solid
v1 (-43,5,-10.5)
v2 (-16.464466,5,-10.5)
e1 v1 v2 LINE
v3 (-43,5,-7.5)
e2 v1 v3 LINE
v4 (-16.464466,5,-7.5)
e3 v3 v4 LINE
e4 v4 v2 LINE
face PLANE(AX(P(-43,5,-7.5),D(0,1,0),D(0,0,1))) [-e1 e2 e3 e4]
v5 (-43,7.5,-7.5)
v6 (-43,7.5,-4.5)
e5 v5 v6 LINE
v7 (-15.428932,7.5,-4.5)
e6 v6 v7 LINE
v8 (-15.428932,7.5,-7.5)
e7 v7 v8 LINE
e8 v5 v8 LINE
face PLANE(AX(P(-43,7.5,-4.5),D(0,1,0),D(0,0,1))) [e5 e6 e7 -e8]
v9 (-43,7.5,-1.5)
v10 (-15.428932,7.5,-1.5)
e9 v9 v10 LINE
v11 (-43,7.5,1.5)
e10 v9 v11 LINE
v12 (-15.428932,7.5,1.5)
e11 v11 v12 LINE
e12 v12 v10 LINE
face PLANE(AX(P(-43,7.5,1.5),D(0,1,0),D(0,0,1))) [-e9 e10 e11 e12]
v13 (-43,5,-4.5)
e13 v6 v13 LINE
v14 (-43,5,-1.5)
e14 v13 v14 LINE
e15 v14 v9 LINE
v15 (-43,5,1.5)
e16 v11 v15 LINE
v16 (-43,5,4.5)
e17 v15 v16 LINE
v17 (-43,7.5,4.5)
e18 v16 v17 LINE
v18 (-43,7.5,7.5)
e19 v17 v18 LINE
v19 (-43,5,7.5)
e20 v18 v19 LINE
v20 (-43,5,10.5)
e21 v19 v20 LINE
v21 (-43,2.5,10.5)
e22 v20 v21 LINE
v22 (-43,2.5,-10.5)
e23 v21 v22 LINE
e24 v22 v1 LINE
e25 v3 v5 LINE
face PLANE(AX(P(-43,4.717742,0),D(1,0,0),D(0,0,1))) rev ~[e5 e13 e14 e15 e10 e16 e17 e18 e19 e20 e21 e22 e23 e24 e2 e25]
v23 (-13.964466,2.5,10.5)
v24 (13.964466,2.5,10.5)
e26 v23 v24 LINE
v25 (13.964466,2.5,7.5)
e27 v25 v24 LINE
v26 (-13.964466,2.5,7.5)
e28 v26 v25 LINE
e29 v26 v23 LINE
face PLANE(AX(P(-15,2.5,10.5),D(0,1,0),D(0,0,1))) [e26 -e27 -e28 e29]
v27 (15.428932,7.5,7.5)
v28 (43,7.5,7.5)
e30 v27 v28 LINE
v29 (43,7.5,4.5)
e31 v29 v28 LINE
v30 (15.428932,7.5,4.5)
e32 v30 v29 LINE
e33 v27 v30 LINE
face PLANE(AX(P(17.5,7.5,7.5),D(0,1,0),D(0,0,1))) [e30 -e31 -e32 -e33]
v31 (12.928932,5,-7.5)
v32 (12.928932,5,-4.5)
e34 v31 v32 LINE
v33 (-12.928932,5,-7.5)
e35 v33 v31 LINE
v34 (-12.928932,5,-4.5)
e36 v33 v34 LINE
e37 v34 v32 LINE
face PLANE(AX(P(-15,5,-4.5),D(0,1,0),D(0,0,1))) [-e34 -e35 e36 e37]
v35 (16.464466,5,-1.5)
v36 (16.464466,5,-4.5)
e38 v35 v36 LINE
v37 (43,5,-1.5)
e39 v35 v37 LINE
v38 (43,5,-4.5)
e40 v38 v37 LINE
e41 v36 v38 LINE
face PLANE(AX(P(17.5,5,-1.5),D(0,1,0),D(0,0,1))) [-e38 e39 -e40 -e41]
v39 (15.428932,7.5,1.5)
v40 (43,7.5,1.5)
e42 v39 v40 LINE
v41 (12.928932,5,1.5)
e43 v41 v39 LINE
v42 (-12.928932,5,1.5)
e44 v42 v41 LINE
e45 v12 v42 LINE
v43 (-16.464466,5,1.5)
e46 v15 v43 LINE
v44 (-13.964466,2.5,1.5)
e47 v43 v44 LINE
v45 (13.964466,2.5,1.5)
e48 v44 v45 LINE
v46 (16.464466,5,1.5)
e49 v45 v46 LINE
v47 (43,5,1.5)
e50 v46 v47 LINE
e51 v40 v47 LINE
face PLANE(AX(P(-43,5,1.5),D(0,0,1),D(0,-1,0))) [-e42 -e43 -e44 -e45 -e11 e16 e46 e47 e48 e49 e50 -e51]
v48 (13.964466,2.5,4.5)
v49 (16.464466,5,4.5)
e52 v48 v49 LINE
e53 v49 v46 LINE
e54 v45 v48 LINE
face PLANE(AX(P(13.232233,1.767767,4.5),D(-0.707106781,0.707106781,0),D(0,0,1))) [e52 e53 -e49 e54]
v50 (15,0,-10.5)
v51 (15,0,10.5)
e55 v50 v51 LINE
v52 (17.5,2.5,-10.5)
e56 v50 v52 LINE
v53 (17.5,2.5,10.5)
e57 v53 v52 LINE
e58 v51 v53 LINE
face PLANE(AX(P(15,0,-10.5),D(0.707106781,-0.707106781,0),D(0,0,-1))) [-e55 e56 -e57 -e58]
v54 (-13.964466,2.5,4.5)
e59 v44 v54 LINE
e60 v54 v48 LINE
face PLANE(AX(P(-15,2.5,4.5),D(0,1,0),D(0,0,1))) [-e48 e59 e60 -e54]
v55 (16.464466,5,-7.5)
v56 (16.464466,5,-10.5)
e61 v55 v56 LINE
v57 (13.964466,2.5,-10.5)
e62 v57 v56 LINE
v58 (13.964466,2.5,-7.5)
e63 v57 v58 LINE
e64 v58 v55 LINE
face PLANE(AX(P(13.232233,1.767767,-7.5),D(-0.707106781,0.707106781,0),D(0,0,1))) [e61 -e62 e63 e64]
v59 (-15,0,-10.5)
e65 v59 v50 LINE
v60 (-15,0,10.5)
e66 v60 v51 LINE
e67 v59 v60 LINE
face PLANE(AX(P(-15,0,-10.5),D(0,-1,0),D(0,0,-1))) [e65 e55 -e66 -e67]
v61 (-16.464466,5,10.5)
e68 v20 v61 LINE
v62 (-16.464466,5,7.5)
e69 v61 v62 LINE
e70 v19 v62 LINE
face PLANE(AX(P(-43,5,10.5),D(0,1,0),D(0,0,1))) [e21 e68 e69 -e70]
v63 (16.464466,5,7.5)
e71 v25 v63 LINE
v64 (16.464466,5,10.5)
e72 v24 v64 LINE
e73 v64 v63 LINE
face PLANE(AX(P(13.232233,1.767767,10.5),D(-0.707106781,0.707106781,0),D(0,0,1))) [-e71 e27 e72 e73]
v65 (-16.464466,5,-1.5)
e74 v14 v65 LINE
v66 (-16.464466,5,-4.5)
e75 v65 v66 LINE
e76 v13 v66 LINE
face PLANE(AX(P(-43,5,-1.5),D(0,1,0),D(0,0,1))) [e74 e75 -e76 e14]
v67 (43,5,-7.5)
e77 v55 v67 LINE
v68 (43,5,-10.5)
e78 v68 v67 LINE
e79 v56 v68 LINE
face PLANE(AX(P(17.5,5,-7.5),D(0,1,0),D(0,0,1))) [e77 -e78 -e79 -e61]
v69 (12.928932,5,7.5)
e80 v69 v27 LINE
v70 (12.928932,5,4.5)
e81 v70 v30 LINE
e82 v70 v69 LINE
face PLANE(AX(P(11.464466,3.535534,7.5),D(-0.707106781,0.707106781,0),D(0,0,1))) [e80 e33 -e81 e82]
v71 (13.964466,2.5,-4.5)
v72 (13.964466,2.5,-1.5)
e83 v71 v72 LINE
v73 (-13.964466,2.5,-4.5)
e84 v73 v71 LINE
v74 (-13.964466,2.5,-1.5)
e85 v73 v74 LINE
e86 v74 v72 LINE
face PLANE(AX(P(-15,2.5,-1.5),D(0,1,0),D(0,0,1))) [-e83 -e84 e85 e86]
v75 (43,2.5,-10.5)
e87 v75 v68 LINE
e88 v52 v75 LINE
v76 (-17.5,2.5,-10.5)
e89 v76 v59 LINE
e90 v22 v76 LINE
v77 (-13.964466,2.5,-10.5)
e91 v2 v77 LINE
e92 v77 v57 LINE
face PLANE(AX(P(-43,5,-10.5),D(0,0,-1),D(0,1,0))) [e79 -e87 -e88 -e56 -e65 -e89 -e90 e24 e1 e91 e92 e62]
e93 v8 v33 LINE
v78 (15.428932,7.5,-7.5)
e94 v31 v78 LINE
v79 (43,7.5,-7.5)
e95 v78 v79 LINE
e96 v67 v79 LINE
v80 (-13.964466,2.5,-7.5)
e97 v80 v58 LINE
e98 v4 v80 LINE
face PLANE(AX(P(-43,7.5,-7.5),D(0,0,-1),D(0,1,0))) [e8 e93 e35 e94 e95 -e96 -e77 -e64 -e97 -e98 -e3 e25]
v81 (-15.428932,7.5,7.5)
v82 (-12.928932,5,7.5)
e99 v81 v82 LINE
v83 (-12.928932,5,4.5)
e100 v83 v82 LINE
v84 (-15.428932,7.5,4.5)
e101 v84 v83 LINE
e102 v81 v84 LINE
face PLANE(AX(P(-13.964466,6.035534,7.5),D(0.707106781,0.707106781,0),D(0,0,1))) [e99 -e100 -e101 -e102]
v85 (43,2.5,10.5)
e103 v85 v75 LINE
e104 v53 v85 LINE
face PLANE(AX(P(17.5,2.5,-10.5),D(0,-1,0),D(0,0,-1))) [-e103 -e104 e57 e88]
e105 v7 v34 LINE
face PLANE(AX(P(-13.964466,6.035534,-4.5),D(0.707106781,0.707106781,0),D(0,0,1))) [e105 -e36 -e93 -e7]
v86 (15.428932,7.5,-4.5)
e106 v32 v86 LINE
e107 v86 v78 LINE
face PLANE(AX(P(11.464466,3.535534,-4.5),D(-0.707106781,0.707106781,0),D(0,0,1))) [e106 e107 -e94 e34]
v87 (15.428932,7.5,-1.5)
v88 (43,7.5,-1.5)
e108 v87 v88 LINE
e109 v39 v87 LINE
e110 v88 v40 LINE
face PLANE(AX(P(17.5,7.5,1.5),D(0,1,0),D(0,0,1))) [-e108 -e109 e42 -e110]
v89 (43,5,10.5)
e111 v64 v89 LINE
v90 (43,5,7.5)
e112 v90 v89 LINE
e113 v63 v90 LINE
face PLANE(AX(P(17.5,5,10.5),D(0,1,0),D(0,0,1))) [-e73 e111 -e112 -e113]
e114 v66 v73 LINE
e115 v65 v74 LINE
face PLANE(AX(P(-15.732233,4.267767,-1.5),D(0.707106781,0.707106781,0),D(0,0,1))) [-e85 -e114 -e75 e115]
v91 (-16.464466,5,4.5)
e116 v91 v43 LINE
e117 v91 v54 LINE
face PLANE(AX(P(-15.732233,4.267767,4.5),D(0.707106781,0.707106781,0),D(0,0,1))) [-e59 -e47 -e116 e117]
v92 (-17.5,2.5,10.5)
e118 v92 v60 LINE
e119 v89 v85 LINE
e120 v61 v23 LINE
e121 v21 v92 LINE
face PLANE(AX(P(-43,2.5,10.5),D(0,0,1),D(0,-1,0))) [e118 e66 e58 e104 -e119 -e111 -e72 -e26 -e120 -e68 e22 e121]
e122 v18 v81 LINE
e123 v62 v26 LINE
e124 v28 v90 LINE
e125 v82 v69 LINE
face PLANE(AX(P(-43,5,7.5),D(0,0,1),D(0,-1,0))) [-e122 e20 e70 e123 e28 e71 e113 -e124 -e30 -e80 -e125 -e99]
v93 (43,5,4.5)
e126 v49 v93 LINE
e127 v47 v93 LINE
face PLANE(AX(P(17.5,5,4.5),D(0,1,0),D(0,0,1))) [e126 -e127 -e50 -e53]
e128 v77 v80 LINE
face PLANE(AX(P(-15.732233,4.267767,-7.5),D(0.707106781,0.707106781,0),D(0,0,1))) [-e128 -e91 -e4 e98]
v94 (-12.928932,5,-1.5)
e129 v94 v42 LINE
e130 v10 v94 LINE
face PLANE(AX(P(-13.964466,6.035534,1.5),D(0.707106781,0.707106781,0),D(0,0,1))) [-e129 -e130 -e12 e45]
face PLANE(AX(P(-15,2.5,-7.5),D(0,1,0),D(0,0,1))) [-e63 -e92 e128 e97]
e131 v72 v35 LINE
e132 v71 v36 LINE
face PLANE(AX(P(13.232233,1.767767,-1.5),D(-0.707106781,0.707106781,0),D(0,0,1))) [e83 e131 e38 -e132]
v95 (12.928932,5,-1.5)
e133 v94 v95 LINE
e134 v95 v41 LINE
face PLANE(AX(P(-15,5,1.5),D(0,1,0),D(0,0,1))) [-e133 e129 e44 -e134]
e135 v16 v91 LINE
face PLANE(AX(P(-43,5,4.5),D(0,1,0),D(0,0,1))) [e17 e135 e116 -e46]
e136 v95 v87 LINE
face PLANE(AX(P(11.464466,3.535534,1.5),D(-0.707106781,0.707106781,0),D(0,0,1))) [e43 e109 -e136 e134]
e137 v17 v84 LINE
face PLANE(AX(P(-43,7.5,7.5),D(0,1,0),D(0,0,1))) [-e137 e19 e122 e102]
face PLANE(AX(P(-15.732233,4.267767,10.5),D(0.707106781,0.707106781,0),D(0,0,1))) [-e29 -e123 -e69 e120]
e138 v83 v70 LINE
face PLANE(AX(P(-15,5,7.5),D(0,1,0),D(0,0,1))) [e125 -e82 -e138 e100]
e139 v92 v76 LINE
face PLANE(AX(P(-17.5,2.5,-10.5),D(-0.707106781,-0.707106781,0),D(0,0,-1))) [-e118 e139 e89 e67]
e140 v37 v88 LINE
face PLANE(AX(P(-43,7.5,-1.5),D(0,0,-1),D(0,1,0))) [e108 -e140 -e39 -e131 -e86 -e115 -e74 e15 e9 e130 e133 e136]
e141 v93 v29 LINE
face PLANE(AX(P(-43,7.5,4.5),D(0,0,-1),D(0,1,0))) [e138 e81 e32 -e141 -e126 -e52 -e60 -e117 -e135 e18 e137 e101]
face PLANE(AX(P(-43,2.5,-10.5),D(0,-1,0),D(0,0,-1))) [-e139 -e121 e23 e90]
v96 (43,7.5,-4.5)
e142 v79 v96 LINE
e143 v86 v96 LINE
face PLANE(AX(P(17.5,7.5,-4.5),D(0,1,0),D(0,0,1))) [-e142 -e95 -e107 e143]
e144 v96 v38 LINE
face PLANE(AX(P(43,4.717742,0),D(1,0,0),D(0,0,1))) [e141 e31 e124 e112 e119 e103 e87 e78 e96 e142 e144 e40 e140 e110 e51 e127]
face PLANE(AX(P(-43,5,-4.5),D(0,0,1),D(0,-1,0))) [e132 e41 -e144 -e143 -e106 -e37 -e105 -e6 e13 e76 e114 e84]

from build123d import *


with BuildPart() as part:
    # Sweep1: sweep along a path in Sketch2
    with BuildLine(Plane.XY) as sweep1_path:
        Line((-43, 2.5), (-17.5, 2.5))
        Line((-17.5, 2.5), (-15, 0))
        Line((-15, 0), (15, 0))
        Line((15, 0), (17.5, 2.5))
        Line((17.5, 2.5), (43, 2.5))
    # Sketch1 → Sweep1 (sweep)
    with BuildSketch(Plane(origin=(0, 0, 0), x_dir=(0, 0, -1), z_dir=(1, 0, 0))):
        Polygon((10.5, 0), (-10.5, 0), (-10.5, 2.5), (-7.5, 2.5), (-7.5, 5), (-4.5, 5), (-4.5, 2.5), (-1.5, 2.5), (-1.5, 5), (1.5, 5), (1.5, 2.5), (4.5, 2.5), (4.5, 5), (7.5, 5), (7.5, 2.5), (10.5, 2.5), align=None)
    sweep(path=sweep1_path.line, transition=Transition.RIGHT)


solid = part.part
